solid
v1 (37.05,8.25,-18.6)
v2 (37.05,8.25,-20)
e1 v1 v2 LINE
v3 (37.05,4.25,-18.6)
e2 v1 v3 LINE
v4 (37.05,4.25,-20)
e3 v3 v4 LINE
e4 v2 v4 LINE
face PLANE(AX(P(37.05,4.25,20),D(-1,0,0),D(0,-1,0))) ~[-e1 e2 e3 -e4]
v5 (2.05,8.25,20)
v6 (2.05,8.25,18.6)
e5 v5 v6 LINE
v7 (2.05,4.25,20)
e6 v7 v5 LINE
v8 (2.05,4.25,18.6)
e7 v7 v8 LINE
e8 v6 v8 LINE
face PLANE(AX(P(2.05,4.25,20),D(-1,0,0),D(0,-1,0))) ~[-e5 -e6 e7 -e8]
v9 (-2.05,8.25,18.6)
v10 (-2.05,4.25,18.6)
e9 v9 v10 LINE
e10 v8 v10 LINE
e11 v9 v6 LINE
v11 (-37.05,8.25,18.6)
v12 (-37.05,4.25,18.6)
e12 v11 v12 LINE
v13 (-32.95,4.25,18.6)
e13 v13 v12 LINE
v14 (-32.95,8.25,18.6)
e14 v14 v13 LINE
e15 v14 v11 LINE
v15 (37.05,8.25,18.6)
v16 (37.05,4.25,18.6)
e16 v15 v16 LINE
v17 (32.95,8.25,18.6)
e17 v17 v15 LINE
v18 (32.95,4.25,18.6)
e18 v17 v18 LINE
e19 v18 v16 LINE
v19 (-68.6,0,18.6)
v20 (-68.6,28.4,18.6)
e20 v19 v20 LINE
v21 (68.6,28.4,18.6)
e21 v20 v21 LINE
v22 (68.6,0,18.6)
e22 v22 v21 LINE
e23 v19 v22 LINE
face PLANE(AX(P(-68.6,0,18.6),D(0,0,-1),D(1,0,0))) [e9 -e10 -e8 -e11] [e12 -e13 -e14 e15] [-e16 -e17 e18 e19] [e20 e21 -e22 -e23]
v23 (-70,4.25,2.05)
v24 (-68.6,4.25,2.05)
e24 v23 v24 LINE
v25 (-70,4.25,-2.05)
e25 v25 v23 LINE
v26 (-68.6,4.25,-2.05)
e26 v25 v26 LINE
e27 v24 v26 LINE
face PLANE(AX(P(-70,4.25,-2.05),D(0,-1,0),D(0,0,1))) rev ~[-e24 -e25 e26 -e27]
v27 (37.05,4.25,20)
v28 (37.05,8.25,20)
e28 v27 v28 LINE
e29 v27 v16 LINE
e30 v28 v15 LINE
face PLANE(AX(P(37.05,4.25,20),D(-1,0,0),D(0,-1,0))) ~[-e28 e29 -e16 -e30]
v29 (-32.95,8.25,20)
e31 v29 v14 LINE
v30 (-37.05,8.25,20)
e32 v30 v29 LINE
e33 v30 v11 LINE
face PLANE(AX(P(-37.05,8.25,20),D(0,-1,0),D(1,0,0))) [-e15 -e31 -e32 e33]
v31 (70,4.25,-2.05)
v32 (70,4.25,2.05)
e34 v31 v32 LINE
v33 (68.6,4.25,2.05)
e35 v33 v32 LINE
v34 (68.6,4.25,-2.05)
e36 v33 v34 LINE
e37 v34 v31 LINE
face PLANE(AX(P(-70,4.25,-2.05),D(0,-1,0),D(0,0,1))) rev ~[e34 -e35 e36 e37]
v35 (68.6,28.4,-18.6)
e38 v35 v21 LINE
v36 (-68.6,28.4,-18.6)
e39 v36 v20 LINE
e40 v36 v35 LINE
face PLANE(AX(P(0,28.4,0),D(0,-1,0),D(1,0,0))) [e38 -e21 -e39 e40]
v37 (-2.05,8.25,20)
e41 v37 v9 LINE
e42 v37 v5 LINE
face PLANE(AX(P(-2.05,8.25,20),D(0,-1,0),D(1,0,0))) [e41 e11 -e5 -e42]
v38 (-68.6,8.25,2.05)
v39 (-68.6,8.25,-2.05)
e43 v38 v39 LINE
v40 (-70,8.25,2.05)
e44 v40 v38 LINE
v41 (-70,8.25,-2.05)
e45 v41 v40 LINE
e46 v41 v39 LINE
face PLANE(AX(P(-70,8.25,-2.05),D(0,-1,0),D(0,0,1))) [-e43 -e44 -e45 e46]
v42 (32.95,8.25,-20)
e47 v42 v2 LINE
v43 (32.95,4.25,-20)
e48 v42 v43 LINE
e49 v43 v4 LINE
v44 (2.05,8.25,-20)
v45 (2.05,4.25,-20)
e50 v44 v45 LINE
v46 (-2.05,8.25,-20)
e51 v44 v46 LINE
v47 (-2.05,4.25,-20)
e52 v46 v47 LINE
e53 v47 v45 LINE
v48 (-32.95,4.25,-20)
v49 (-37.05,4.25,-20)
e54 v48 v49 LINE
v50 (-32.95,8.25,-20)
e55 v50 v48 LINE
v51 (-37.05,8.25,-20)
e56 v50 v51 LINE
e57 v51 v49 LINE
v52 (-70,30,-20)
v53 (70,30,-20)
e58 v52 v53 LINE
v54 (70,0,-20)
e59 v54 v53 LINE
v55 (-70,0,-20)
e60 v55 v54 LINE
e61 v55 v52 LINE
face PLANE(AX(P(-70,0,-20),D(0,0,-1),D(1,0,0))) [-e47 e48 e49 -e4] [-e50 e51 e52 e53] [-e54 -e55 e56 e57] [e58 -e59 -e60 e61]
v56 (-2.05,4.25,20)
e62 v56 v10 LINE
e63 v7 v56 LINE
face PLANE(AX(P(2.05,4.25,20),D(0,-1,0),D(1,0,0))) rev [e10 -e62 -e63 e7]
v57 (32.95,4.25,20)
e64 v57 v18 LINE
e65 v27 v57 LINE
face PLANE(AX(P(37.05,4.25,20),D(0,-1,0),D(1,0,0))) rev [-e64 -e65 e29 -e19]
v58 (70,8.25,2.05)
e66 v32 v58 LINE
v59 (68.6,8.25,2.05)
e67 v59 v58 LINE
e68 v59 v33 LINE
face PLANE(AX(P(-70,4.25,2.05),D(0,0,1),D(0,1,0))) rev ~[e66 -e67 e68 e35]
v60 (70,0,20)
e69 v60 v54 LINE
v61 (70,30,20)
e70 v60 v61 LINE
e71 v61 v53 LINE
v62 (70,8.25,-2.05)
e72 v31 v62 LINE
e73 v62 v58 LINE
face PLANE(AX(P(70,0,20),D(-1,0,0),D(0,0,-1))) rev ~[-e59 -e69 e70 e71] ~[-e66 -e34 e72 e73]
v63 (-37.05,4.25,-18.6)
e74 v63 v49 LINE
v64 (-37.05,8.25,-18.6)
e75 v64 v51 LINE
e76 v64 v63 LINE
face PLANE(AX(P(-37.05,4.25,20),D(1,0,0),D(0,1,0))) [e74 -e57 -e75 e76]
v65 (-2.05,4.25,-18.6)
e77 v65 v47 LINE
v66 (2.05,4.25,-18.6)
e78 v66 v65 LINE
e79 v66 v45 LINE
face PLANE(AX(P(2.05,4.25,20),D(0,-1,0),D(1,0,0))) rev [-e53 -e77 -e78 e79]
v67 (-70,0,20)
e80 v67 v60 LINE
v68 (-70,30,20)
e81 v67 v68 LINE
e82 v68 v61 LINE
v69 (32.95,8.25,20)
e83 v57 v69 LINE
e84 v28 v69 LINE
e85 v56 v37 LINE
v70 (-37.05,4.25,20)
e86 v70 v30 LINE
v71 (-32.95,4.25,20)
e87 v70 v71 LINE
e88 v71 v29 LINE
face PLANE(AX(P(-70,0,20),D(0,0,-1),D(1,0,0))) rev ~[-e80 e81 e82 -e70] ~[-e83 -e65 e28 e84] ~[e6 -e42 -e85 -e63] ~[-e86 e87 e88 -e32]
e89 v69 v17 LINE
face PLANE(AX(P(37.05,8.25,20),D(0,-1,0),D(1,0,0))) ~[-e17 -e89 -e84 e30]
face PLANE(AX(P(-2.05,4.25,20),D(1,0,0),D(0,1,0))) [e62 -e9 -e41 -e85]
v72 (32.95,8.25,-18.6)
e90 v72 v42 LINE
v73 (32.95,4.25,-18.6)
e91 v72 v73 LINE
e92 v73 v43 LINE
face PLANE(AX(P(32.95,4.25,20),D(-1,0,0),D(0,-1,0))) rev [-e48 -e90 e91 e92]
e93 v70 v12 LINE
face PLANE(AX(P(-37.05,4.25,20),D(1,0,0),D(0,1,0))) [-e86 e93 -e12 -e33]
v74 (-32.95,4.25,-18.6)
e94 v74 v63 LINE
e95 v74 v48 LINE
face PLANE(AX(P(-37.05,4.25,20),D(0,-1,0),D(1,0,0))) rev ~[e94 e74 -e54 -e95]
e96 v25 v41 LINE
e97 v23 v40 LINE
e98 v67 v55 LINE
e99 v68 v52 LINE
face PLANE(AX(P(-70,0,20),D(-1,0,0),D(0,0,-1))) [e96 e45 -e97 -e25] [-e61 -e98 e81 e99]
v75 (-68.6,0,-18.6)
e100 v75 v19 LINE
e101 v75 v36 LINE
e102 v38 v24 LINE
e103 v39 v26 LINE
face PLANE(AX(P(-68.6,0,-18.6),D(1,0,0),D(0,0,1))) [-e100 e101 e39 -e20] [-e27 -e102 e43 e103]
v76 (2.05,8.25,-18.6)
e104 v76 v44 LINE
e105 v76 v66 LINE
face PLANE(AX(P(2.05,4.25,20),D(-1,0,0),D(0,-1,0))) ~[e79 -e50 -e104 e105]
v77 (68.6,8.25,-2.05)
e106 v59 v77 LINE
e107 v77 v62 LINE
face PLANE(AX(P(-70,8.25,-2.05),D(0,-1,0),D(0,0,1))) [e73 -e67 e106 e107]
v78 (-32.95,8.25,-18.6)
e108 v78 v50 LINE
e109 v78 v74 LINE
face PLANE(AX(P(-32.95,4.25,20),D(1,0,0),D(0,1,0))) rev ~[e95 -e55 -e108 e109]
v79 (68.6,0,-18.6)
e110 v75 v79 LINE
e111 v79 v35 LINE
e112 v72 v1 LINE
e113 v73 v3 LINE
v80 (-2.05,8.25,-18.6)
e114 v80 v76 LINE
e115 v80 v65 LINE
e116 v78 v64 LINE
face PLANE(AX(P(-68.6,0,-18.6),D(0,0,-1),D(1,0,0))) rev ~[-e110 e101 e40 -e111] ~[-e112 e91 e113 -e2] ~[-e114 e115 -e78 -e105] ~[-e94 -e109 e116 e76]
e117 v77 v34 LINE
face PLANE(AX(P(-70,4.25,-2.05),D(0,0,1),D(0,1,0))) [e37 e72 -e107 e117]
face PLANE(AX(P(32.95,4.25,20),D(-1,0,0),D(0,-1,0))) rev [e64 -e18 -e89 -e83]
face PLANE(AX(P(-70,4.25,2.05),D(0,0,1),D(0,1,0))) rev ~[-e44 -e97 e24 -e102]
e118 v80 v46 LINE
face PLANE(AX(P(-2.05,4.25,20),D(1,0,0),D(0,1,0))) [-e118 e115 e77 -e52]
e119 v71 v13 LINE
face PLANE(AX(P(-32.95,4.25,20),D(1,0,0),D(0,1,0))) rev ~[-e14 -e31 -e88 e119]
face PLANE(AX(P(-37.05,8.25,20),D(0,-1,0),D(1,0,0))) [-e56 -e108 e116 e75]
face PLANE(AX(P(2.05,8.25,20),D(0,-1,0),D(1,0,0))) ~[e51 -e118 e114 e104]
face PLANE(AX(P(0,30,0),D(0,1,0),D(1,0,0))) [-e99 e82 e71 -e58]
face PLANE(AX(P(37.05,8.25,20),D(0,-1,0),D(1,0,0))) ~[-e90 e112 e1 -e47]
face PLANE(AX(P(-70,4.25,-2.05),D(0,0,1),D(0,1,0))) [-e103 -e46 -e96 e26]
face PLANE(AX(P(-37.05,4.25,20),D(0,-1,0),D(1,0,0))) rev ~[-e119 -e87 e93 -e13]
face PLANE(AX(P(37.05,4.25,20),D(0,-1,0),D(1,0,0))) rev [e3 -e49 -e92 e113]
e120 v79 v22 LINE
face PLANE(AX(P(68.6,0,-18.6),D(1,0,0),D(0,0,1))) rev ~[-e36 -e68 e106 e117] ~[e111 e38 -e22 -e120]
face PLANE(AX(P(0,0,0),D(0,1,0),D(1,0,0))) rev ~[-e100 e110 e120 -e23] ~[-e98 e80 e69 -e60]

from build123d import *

# Parameters (mm, degrees)
SKETCH1_W           = 140
SKETCH1_H           = 40
BOSS_EXTRUDE1_DEPTH = 30
SKETCH2_W           = 137.2
SKETCH2_H           = 37.2
CUT_EXTRUDE1_DEPTH  = 28.4
SKETCH3_W           = 4.1
SKETCH3_H           = 4
CUT_EXTRUDE2_DEPTH  = 141
SKETCH4_W           = 2.05
SKETCH4_H           = 4
SKETCH4_W_2         = 4.1
CUT_EXTRUDE3_DEPTH  = 41


with BuildPart() as part:
    # Sketch1 → Boss-Extrude1 (new body)
    with BuildSketch(Plane(origin=(0, 0, 0), x_dir=(1, 0, 0), z_dir=(0, 1, 0))):
        Rectangle(SKETCH1_W, SKETCH1_H)
    extrude(amount=BOSS_EXTRUDE1_DEPTH)

    # Sketch2 → Cut-Extrude1 (cut)
    with BuildSketch(Plane.XZ):
        Rectangle(SKETCH2_W, SKETCH2_H)
    extrude(amount=-CUT_EXTRUDE1_DEPTH, mode=Mode.SUBTRACT)

    # Sketch3 → Cut-Extrude2 (cut, through all)
    with BuildSketch(Plane.ZY.offset(70)):
        with Locations((0, 6.25)):
            Rectangle(SKETCH3_W, SKETCH3_H)
    extrude(amount=-CUT_EXTRUDE2_DEPTH, mode=Mode.SUBTRACT)

    # Sketch4 → Cut-Extrude3 (cut, through all)
    with BuildSketch(Plane.XY.offset(20)):
        with Locations((-1.025, 6.25)):
            Rectangle(SKETCH4_W, SKETCH4_H)
        with Locations((-35, 6.25)):
            Rectangle(SKETCH4_W_2, SKETCH4_H)
    cut_extrude3 = extrude(amount=-CUT_EXTRUDE3_DEPTH, mode=Mode.SUBTRACT)

    # Mirror1: Cut-Extrude3 across plane
    add(cut_extrude3.mirror(Plane(origin=(0, 0, 0), x_dir=(0, 0, 1), z_dir=(1, 0, 0))), mode=Mode.SUBTRACT)


solid = part.part
